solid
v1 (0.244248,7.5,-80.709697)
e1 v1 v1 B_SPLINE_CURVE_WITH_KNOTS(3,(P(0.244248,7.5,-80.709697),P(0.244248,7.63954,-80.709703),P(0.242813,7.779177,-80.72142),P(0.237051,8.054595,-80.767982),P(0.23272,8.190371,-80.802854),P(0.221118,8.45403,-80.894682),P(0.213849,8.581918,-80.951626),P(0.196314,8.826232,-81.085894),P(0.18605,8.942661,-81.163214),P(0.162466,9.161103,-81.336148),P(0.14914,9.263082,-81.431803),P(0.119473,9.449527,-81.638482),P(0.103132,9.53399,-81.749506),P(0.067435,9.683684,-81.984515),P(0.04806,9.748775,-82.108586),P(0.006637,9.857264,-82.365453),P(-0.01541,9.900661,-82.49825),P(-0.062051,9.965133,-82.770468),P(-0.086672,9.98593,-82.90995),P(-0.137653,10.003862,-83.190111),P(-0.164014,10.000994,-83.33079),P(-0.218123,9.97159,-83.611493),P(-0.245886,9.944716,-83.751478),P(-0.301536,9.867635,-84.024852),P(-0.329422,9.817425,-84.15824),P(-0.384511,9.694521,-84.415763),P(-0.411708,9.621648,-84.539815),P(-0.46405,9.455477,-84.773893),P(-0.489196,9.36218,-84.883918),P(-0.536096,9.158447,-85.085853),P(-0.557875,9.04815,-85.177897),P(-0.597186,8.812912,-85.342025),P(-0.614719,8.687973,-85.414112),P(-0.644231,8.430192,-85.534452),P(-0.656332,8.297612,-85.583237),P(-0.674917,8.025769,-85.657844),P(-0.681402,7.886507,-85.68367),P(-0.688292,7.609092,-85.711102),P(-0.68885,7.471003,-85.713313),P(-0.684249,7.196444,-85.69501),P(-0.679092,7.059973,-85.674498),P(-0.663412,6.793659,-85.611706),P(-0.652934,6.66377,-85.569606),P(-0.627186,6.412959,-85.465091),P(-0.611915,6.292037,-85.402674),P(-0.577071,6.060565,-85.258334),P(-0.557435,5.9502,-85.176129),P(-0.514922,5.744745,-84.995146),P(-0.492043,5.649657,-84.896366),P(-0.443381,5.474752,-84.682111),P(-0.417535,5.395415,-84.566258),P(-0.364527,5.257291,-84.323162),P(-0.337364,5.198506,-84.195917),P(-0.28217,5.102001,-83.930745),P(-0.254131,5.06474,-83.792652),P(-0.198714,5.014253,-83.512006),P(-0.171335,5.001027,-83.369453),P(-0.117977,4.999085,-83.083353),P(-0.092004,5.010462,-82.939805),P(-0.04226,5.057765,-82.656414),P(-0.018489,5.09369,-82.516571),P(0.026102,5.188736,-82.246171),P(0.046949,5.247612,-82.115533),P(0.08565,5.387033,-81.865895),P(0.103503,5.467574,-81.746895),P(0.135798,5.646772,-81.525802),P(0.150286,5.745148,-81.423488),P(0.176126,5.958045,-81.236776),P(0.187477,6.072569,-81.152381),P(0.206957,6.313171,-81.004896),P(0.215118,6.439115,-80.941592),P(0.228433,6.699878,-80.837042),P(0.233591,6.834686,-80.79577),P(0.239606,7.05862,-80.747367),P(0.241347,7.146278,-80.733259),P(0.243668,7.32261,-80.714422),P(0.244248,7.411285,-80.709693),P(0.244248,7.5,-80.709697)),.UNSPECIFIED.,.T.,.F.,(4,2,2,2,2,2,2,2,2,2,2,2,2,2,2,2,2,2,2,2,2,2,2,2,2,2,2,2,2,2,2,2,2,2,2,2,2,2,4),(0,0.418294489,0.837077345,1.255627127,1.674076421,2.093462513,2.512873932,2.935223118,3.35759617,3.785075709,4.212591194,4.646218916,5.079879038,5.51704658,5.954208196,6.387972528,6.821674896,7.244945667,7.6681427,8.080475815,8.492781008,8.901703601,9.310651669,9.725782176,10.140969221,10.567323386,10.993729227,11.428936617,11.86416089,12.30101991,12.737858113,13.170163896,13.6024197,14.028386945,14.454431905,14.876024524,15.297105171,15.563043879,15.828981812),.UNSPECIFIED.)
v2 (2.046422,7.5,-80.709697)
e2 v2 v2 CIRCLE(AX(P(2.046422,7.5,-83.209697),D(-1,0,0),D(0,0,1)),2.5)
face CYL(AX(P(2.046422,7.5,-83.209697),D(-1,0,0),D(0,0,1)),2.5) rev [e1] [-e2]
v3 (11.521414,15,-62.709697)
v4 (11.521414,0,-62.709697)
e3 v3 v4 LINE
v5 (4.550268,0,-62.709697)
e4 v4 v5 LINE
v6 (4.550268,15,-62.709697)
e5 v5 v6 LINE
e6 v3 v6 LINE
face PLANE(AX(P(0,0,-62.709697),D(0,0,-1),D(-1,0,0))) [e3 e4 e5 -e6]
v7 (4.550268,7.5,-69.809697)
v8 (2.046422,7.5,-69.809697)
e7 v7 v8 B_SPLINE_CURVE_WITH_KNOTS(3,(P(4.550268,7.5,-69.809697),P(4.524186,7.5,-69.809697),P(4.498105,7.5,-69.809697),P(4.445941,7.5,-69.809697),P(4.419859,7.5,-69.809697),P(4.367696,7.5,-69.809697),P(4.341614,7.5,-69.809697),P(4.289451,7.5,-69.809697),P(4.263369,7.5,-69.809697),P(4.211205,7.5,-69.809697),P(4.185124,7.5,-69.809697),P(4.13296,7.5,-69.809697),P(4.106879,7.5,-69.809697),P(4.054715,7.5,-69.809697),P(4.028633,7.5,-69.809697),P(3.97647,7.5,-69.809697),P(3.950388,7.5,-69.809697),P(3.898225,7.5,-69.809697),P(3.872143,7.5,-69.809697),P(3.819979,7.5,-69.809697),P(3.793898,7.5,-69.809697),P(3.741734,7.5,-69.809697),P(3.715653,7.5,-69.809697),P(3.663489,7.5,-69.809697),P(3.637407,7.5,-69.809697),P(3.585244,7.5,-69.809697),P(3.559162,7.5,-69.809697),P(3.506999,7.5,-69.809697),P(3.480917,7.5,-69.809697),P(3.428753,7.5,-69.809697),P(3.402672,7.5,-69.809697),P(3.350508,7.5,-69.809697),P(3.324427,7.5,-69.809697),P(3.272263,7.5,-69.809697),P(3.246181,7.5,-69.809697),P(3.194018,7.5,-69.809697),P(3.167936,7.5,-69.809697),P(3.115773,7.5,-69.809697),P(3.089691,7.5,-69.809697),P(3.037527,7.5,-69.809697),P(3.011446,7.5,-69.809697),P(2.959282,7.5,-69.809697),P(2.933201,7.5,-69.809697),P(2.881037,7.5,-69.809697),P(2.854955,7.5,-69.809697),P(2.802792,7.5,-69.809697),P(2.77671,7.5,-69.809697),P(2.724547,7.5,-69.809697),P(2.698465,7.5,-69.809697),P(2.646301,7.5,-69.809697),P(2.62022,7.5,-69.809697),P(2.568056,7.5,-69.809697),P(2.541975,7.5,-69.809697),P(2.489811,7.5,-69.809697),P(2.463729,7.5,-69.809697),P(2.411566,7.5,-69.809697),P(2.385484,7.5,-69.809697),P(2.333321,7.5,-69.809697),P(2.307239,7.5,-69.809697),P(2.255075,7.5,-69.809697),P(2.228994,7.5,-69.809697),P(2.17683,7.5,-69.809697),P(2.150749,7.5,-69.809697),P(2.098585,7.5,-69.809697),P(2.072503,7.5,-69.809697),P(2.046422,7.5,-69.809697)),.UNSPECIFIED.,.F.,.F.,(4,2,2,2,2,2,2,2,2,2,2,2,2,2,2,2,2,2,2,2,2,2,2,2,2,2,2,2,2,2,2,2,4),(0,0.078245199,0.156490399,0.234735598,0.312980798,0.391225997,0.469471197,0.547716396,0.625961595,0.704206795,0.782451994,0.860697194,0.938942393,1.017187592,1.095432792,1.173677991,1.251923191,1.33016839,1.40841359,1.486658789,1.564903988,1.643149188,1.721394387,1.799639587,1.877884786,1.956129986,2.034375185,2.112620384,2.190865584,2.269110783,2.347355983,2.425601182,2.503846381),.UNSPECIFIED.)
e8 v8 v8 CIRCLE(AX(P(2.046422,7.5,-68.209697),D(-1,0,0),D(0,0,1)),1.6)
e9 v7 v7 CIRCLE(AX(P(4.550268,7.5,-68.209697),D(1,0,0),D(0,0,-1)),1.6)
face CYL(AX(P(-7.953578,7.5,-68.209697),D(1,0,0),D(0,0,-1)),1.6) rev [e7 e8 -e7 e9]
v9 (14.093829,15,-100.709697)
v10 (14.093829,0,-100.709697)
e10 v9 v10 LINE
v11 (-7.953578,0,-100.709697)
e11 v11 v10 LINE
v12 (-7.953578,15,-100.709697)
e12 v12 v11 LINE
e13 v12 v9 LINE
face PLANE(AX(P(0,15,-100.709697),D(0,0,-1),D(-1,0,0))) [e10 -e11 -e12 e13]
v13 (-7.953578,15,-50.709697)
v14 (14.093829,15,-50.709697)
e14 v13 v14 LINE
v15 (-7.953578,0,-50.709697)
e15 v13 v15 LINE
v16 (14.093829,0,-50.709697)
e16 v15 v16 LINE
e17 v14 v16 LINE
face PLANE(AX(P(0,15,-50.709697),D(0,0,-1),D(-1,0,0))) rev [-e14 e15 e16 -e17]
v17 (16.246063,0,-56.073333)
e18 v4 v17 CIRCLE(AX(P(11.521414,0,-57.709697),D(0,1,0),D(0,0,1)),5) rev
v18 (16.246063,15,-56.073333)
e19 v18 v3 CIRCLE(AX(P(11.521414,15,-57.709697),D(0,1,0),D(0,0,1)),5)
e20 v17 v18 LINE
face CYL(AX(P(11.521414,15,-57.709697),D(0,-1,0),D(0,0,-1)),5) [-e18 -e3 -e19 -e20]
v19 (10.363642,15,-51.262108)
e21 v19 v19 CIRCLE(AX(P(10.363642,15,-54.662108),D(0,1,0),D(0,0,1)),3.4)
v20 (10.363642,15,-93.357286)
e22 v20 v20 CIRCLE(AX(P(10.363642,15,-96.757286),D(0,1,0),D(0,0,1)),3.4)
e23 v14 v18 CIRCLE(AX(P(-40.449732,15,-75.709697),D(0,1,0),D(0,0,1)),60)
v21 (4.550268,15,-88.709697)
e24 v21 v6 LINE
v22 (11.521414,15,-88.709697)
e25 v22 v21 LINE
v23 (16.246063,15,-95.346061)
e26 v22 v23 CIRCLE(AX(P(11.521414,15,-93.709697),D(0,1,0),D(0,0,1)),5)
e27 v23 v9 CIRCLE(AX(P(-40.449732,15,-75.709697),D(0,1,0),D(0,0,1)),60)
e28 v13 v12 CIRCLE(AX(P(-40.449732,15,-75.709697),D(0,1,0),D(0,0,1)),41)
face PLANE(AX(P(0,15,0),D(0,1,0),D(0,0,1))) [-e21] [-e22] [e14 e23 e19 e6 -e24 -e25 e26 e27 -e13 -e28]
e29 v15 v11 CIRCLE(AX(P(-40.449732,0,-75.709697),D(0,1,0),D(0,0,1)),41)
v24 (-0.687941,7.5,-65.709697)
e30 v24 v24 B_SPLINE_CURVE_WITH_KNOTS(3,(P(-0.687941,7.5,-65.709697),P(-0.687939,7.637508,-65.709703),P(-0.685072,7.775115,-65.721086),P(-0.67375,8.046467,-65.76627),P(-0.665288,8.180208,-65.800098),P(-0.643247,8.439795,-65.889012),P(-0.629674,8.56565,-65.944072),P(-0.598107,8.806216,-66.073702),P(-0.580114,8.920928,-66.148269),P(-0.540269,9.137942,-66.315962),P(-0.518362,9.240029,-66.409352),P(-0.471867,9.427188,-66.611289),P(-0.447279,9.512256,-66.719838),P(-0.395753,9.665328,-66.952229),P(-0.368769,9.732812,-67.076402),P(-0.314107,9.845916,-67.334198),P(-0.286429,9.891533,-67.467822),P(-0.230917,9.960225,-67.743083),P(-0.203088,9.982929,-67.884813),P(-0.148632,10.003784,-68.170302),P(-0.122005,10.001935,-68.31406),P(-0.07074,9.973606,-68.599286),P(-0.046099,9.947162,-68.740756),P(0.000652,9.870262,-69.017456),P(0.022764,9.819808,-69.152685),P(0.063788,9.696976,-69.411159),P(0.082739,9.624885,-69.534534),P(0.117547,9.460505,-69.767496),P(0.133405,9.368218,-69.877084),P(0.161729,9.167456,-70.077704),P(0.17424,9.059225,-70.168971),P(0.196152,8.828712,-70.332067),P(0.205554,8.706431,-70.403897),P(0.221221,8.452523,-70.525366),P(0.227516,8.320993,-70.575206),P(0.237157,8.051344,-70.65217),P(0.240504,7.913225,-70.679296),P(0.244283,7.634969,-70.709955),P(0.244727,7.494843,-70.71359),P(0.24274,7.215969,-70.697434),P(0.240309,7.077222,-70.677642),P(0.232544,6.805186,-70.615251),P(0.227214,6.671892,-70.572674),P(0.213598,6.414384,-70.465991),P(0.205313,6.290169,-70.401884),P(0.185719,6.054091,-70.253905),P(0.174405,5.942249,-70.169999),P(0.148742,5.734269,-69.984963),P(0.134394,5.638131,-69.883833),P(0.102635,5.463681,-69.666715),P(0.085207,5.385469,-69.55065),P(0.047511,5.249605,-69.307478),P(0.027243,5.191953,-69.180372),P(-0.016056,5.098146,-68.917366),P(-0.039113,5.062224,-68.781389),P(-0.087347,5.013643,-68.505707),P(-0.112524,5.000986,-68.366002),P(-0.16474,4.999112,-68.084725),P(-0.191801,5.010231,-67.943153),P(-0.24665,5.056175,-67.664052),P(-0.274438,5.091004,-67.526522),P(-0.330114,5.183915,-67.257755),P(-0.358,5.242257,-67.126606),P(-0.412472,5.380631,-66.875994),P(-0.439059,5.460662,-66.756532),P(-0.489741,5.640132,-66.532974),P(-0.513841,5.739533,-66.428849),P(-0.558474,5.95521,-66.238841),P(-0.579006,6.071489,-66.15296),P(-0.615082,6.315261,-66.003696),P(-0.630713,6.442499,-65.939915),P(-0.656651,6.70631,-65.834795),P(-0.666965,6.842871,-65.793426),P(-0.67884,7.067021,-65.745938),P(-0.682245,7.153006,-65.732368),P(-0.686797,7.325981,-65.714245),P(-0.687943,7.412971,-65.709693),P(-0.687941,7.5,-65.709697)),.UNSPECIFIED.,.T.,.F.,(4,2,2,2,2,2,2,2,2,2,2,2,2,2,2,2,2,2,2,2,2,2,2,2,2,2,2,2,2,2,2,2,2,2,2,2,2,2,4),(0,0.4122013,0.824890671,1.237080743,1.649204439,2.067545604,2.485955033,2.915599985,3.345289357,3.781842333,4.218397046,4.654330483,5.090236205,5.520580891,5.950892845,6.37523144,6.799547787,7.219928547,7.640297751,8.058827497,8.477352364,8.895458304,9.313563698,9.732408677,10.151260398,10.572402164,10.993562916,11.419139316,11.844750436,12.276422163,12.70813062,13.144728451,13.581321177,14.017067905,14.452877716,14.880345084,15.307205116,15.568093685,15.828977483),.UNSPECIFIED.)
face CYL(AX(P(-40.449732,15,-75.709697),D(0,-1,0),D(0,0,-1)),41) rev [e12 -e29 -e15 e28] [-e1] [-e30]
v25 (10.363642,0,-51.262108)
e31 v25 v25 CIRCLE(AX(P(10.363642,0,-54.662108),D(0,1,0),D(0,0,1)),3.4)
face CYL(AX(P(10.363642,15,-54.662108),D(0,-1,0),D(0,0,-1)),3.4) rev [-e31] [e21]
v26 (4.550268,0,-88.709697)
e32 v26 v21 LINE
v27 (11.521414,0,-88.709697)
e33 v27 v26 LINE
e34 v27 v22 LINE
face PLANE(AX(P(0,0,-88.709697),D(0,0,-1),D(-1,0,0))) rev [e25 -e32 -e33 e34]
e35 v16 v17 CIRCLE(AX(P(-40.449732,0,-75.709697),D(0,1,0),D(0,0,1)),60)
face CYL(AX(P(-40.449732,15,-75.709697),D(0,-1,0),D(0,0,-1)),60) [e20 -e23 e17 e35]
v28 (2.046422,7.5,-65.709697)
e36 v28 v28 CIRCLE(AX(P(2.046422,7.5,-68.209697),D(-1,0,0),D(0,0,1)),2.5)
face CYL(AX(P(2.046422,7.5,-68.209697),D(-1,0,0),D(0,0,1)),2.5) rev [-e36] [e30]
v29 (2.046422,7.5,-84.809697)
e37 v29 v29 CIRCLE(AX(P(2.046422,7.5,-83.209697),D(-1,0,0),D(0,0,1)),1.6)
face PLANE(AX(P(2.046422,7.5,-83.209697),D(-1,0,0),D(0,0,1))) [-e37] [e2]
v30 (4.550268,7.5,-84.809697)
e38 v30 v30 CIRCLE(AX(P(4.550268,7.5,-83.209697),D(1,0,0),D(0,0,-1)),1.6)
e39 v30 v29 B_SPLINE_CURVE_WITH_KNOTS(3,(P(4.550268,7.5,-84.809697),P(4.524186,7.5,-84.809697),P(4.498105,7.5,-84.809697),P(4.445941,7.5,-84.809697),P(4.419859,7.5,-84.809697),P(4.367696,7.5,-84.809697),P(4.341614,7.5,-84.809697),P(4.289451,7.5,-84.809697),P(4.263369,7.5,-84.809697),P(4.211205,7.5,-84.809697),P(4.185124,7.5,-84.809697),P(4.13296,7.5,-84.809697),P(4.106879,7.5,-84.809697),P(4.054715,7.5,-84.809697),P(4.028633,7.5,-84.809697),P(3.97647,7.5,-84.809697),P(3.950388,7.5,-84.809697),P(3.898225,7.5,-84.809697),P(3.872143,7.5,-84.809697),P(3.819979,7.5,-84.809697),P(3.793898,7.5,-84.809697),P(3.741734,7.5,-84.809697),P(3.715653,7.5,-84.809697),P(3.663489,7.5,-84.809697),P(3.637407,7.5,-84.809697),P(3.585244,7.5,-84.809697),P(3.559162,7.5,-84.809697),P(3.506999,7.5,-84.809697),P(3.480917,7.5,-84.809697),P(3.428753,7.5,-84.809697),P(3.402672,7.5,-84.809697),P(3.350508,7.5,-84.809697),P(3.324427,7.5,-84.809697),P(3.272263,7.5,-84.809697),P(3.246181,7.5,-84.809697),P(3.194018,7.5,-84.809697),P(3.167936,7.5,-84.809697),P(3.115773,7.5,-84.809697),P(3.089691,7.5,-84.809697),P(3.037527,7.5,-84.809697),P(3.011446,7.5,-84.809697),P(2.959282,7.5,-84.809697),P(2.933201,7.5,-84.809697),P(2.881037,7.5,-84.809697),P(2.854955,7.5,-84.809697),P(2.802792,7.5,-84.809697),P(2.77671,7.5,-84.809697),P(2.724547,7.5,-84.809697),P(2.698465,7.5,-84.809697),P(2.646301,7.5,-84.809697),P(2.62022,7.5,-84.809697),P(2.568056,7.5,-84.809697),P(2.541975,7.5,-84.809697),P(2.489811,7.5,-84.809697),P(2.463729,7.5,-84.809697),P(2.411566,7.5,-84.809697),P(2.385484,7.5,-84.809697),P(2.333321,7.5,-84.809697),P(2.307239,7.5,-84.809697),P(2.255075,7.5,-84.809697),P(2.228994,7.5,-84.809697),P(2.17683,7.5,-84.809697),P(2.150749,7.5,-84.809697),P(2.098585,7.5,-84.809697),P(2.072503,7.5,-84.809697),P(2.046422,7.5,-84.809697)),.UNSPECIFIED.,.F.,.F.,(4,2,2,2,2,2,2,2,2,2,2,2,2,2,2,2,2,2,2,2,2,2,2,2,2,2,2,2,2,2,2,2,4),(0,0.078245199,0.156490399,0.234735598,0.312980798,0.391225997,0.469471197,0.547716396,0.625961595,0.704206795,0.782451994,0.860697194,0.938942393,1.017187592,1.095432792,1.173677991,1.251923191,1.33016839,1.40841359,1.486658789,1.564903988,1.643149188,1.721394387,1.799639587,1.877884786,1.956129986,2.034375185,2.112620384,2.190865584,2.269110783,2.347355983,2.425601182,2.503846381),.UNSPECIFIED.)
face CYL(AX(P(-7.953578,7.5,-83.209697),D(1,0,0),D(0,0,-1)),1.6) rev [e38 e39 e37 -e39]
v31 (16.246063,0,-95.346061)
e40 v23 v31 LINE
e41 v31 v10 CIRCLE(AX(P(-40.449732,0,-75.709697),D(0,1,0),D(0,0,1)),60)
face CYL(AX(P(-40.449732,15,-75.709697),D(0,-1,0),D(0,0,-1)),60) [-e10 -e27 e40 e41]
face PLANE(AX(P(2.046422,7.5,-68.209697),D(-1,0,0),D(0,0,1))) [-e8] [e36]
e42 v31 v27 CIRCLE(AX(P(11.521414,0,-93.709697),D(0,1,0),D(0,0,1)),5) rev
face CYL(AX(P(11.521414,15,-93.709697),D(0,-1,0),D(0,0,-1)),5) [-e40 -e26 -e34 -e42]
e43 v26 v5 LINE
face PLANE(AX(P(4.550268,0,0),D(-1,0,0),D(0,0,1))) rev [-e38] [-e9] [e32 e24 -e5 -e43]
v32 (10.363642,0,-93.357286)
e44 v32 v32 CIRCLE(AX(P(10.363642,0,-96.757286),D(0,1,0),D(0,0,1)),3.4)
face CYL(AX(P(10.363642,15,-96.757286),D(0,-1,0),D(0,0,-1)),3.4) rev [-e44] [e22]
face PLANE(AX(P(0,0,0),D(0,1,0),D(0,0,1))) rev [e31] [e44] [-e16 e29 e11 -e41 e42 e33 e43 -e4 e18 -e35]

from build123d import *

# Parameters (mm, degrees)
SKETCH_1_R          = 3.4
EXTRUDE_2_DEPTH     = 15
CUT_EXTRUDE_1_DEPTH = 104.680547991
CUT_EXTRUDE_2_DEPTH = 103.721548766
CUT_EXTRUDE_START   = -10
SKETCH_6_R          = 2.5
SKETCH_6_R_2        = 1.6
CUT_EXTRUDE_3_DEPTH = 10
FILLET_1_R          = 5


with BuildPart() as part:
    # 草图1 → 凸台-拉伸2 (new body)
    with BuildSketch(Plane(origin=(0, 0, 0), x_dir=(1, 0, 0), z_dir=(0, 1, 0))):
        with BuildLine():
            ThreePointArc((-7.95357839, 100.709696918), (0.550267992, 75.709696918), (-7.95357839, 50.709696918))
            Line((-7.95357839, 50.709696918), (14.093828565, 50.709696918))
            ThreePointArc((14.093828565, 50.709696918), (19.550267992, 75.709696918), (14.093828565, 100.709696918))
            Line((14.093828565, 100.709696918), (-7.95357839, 100.709696918))
        make_face()
        with Locations(Location((10.36364228, 96.757285698, 0), (0, 0, 270))):
            Circle(SKETCH_1_R, mode=Mode.SUBTRACT)
        with Locations(Location((10.36364228, 54.662108138, 0), (0, 0, 270))):
            Circle(SKETCH_1_R, mode=Mode.SUBTRACT)
    extrude(amount=EXTRUDE_2_DEPTH)

    # 草图2 → 切除-拉伸1 (cut, through all)
    with BuildSketch(Plane(origin=(0, 15, 0), x_dir=(1, 0, 0), z_dir=(0, 1, 0))):
        with BuildLine():
            Line((4.550267992, 88.709696918), (4.550267992, 75.709696918))
            Line((4.550267992, 75.709696918), (19.550267992, 75.709696918))
            ThreePointArc((19.550267992, 75.709696918), (19.192888302, 82.248645039), (18.125006574, 88.709696918))
            Line((18.125006574, 88.709696918), (4.550267992, 88.709696918))
        make_face()
        with BuildLine():
            Line((19.550267992, 75.709696918), (4.550267992, 75.709696918))
            Line((4.550267992, 75.709696918), (4.550267992, 62.709696918))
            Line((4.550267992, 62.709696918), (18.125006574, 62.709696918))
            ThreePointArc((18.125006574, 62.709696918), (19.192888302, 69.170748797), (19.550267992, 75.709696918))
        make_face()
    extrude(amount=-CUT_EXTRUDE_1_DEPTH, mode=Mode.SUBTRACT)

    # 草图4 → 切除-拉伸2 (cut, through all)
    with BuildSketch(Plane(origin=(4.550267992, 0, 0), x_dir=(0, 0, -1), z_dir=(1, 0, 0))):
        with BuildLine():
            ThreePointArc((84.809696918, 7.5), (83.209696918, 9.1), (81.609696918, 7.5))
            Line((81.609696918, 7.5), (84.809696918, 7.5))
        make_face()
        with BuildLine():
            Line((84.809696918, 7.5), (81.609696918, 7.5))
            ThreePointArc((81.609696918, 7.5), (83.209696918, 5.9), (84.809696918, 7.5))
        make_face()
        with BuildLine():
            ThreePointArc((69.809696918, 7.5), (68.209696918, 9.1), (66.609696918, 7.5))
            Line((66.609696918, 7.5), (69.809696918, 7.5))
        make_face()
        with BuildLine():
            Line((69.809696918, 7.5), (66.609696918, 7.5))
            ThreePointArc((66.609696918, 7.5), (68.209696918, 5.9), (69.809696918, 7.5))
        make_face()
    extrude(amount=-CUT_EXTRUDE_2_DEPTH, mode=Mode.SUBTRACT)

    # 草图6 → 切除-拉伸3 (cut)
    # profile 1 of 2: a face of its own
    with BuildSketch(Plane.ZY.offset(7.95357839).offset(CUT_EXTRUDE_START)):
        with Locations((-83.209696918, 7.5)):
            Circle(SKETCH_6_R)
        with Locations(Location((-83.209696918, 7.5, 0), (0, 0, 180))):
            Circle(SKETCH_6_R_2, mode=Mode.SUBTRACT)
    # profile 2 of 2: a face of its own
    with BuildSketch(Plane.ZY.offset(7.95357839).offset(CUT_EXTRUDE_START)):
        with Locations((-68.209696918, 7.5)):
            Circle(SKETCH_6_R)
        with Locations(Location((-68.209696918, 7.5, 0), (0, 0, 180))):
            Circle(SKETCH_6_R_2, mode=Mode.SUBTRACT)
    extrude(amount=CUT_EXTRUDE_3_DEPTH, mode=Mode.SUBTRACT)

    # 圆角1
    fillet_1_edges = [part.edges().sort_by_distance(p)[0] for p in [
        (18.125006574, 7.5, -88.709696918),
        (18.125006574, 7.5, -62.709696918),
    ]]
    fillet(fillet_1_edges, radius=FILLET_1_R)


solid = part.part
